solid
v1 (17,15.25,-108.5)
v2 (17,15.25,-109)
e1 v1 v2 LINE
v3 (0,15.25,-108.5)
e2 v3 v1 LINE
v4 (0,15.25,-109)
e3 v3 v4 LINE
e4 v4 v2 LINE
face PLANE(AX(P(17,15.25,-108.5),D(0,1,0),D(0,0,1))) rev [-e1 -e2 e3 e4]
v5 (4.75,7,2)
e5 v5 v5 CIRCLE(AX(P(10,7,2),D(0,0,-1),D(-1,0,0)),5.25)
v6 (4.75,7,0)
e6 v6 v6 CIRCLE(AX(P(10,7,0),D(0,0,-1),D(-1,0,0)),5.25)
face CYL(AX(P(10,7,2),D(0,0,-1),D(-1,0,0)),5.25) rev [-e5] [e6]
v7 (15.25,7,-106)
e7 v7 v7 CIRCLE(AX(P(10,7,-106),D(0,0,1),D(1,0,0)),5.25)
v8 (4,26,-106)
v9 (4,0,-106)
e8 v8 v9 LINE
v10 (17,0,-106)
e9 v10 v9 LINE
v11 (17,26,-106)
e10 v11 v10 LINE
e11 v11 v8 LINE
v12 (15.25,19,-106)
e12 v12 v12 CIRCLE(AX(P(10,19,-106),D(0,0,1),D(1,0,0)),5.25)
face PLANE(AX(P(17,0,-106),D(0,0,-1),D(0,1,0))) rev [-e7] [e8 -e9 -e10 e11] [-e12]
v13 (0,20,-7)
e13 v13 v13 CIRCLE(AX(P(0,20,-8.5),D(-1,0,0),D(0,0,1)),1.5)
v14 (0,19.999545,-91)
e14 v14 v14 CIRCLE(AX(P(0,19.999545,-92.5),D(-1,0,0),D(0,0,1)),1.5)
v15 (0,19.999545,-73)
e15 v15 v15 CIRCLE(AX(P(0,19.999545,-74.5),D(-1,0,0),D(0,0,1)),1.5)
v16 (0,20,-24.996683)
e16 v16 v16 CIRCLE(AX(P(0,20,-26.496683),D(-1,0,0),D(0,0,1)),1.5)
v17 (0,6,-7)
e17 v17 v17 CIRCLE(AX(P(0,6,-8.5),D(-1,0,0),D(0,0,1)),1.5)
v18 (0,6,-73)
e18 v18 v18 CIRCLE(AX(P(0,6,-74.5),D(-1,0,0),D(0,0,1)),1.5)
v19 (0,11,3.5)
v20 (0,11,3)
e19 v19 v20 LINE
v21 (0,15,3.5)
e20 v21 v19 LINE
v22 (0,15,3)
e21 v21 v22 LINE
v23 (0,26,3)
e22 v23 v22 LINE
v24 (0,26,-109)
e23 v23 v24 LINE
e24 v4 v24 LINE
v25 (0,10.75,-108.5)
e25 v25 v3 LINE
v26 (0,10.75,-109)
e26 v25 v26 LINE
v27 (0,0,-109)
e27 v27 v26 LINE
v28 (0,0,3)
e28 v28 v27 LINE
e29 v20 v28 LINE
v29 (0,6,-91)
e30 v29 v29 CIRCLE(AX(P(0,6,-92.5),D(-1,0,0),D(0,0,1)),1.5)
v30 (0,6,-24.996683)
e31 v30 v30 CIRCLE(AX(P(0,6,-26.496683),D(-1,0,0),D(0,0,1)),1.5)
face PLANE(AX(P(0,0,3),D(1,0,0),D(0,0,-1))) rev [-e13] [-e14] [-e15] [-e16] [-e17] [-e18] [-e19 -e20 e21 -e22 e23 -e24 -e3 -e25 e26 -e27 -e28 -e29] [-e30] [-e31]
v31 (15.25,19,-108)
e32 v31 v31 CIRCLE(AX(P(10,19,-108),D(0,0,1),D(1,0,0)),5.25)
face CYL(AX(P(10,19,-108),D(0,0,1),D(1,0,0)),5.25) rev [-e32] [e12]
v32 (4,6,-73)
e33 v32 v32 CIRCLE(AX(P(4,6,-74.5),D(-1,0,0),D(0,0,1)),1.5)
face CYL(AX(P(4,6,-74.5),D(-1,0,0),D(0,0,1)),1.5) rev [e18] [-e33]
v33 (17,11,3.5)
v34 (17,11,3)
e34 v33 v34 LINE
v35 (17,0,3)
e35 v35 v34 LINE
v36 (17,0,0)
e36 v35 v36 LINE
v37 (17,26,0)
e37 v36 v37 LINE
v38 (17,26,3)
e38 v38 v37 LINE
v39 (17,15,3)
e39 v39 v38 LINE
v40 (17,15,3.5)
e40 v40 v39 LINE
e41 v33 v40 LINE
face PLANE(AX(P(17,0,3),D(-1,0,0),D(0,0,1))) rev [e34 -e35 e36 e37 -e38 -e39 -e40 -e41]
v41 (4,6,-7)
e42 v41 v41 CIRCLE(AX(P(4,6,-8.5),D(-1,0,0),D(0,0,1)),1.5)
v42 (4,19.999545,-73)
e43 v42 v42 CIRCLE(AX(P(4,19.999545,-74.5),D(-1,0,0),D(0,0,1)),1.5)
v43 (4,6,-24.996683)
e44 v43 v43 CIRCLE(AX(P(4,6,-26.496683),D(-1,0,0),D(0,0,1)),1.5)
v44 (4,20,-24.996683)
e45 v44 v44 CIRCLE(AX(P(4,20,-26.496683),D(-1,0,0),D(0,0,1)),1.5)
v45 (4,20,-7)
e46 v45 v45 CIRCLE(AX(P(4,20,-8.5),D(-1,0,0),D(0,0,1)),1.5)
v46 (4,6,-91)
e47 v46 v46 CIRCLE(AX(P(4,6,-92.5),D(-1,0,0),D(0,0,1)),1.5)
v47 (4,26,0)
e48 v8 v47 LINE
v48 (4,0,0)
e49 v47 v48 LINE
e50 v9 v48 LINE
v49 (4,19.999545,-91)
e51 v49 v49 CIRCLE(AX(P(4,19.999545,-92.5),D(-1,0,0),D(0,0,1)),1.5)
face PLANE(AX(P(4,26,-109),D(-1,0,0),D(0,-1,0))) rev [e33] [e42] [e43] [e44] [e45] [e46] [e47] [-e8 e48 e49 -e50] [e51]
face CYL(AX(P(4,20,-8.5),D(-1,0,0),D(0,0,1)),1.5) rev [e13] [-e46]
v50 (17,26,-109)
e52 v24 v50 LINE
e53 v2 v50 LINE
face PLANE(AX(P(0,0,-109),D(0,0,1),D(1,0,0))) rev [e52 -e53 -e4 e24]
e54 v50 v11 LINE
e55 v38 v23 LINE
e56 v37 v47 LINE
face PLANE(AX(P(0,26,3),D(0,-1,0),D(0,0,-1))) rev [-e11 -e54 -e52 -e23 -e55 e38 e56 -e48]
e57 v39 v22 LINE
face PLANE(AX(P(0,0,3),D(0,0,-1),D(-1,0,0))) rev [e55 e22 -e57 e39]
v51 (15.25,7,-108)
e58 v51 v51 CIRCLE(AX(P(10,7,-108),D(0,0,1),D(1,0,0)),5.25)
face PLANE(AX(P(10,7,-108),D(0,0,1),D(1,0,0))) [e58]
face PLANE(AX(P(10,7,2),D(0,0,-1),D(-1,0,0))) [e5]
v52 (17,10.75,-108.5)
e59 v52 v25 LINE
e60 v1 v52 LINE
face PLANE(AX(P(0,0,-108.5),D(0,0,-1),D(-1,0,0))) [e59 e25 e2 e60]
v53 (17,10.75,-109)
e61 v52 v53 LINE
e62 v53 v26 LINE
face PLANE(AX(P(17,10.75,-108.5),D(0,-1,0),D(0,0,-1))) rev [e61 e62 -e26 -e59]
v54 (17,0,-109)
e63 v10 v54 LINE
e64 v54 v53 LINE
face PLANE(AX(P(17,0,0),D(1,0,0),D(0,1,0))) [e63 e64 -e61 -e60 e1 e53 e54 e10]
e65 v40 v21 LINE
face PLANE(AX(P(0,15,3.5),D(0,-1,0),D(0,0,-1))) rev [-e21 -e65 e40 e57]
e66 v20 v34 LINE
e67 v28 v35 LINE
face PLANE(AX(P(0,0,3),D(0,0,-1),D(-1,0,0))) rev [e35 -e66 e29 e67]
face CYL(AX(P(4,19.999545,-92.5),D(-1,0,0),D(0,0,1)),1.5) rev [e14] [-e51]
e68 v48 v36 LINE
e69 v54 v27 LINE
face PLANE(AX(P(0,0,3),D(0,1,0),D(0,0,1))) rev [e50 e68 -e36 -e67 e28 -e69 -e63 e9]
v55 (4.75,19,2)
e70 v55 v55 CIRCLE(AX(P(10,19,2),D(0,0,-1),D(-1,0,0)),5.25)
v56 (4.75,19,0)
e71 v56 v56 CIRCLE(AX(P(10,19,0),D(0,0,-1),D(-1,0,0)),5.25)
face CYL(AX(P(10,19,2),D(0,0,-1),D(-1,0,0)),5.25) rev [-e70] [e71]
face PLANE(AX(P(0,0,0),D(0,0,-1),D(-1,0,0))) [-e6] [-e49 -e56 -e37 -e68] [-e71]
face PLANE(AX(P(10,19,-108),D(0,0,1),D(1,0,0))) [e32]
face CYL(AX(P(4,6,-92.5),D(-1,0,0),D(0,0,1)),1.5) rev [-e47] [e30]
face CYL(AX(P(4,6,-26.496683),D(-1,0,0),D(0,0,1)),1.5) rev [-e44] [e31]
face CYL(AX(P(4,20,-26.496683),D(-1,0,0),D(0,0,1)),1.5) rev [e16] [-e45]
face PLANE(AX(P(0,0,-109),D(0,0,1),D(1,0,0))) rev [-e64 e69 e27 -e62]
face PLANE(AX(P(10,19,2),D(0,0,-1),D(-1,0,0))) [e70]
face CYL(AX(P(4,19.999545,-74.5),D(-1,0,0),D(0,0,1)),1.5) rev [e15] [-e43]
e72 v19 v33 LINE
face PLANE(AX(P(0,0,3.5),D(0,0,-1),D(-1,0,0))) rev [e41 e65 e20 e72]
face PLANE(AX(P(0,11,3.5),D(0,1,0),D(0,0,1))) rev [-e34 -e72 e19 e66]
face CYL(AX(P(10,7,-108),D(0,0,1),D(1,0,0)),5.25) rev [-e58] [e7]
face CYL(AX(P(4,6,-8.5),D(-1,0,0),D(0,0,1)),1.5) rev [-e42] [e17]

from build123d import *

# Parameters (mm, degrees)
ESQUISSE1_W             = 17
ESQUISSE1_H             = 26
BOSS_EXTRU_1_DEPTH      = 3
ESQUISSE3_W             = 4
ESQUISSE3_H             = 26
BOSS_EXTRU_2_DEPTH      = 109
ESQUISSE4_R             = 1.5
ENL_V_MAT_EXTRU_2_DEPTH = 4
ESQUISSE5_R             = 1.5
ENL_V_MAT_EXTRU_3_DEPTH = 4
ESQUISSE6_W             = 3
ESQUISSE6_H             = 26
BOSS_EXTRU_3_DEPTH      = 13
ESQUISSE8_R             = 5.25
ENL_V_MAT_EXTRU_4_DEPTH = 2
ENL_V_START             = -2
ESQUISSE9_R             = 5.25
ENL_V_MAT_EXTRU_5_DEPTH = 2
ESQUISSE10_W            = 17
ESQUISSE10_H            = 4
BOSS_EXTRU_5_DEPTH      = 0.5
ESQUISSE11_W            = 17
ESQUISSE11_H            = 4.5
ENL_V_MAT_EXTRU_6_DEPTH = 0.5


with BuildPart() as part:
    # Esquisse1 → Boss.-Extru.1 (new body)
    with BuildSketch(Plane.XY):
        with Locations((8.5, 13)):
            Rectangle(ESQUISSE1_W, ESQUISSE1_H)
    extrude(amount=BOSS_EXTRU_1_DEPTH)

    # Esquisse3 → Boss.-Extru.2 (add)
    with BuildSketch(Plane(origin=(0, 0, 0), x_dir=(-1, 0, 0), z_dir=(0, 0, -1))):
        with Locations((-2, 13)):
            Rectangle(ESQUISSE3_W, ESQUISSE3_H)
    extrude(amount=BOSS_EXTRU_2_DEPTH)

    # Esquisse4 → Enlèv. mat.-Extru.2 (cut)
    with BuildSketch(Plane.ZY):
        with Locations((-8.5, 20)):
            Circle(ESQUISSE4_R)
        with Locations((-8.5, 6)):
            Circle(ESQUISSE4_R)
        with Locations((-26.496682549, 20)):
            Circle(ESQUISSE4_R)
        with Locations((-26.496682549, 6)):
            Circle(ESQUISSE4_R)
    extrude(amount=-ENL_V_MAT_EXTRU_2_DEPTH, mode=Mode.SUBTRACT)

    # Esquisse5 → Enlèv. mat.-Extru.3 (cut)
    with BuildSketch(Plane.ZY):
        with Locations((-92.5, 19.999545392)):
            Circle(ESQUISSE5_R)
        with Locations((-92.5, 6)):
            Circle(ESQUISSE5_R)
        with Locations((-74.5, 19.999545392)):
            Circle(ESQUISSE5_R)
        with Locations((-74.5, 6)):
            Circle(ESQUISSE5_R)
    extrude(amount=-ENL_V_MAT_EXTRU_3_DEPTH, mode=Mode.SUBTRACT)

    # Esquisse6 → Boss.-Extru.3 (add)
    with BuildSketch(Plane(origin=(4, 0, 0), x_dir=(0, 0, -1), z_dir=(1, 0, 0))):
        with Locations((107.5, 13)):
            Rectangle(ESQUISSE6_W, ESQUISSE6_H)
    extrude(amount=BOSS_EXTRU_3_DEPTH)

    # Esquisse8 → Enlèv. mat.-Extru.4 (cut)
    with BuildSketch(Plane(origin=(0, 0, 0), x_dir=(-1, 0, 0), z_dir=(0, 0, -1))):
        with Locations((-10, 7)):
            Circle(ESQUISSE8_R)
        with Locations((-10, 19)):
            Circle(ESQUISSE8_R)
    extrude(amount=-ENL_V_MAT_EXTRU_4_DEPTH, mode=Mode.SUBTRACT)

    # Esquisse9 → Enlèv. mat.-Extru.5 (cut)
    with BuildSketch(Plane.XY.offset(-106).offset(ENL_V_START)):
        with Locations(Location((10, 19, 0), (0, 0, 180))):
            Circle(ESQUISSE9_R)
        with Locations(Location((10, 7, 0), (0, 0, 180))):
            Circle(ESQUISSE9_R)
    extrude(amount=ENL_V_MAT_EXTRU_5_DEPTH, mode=Mode.SUBTRACT)

    # Esquisse10 → Boss.-Extru.5 (add)
    with BuildSketch(Plane.XY.offset(3)):
        with Locations((8.5, 13)):
            Rectangle(ESQUISSE10_W, ESQUISSE10_H)
    extrude(amount=BOSS_EXTRU_5_DEPTH)

    # Esquisse11 → Enlèv. mat.-Extru.6 (cut)
    with BuildSketch(Plane(origin=(0, 0, -109), x_dir=(-1, 0, 0), z_dir=(0, 0, -1))):
        with Locations((-8.5, 13)):
            Rectangle(ESQUISSE11_W, ESQUISSE11_H)
    extrude(amount=-ENL_V_MAT_EXTRU_6_DEPTH, mode=Mode.SUBTRACT)


solid = part.part
